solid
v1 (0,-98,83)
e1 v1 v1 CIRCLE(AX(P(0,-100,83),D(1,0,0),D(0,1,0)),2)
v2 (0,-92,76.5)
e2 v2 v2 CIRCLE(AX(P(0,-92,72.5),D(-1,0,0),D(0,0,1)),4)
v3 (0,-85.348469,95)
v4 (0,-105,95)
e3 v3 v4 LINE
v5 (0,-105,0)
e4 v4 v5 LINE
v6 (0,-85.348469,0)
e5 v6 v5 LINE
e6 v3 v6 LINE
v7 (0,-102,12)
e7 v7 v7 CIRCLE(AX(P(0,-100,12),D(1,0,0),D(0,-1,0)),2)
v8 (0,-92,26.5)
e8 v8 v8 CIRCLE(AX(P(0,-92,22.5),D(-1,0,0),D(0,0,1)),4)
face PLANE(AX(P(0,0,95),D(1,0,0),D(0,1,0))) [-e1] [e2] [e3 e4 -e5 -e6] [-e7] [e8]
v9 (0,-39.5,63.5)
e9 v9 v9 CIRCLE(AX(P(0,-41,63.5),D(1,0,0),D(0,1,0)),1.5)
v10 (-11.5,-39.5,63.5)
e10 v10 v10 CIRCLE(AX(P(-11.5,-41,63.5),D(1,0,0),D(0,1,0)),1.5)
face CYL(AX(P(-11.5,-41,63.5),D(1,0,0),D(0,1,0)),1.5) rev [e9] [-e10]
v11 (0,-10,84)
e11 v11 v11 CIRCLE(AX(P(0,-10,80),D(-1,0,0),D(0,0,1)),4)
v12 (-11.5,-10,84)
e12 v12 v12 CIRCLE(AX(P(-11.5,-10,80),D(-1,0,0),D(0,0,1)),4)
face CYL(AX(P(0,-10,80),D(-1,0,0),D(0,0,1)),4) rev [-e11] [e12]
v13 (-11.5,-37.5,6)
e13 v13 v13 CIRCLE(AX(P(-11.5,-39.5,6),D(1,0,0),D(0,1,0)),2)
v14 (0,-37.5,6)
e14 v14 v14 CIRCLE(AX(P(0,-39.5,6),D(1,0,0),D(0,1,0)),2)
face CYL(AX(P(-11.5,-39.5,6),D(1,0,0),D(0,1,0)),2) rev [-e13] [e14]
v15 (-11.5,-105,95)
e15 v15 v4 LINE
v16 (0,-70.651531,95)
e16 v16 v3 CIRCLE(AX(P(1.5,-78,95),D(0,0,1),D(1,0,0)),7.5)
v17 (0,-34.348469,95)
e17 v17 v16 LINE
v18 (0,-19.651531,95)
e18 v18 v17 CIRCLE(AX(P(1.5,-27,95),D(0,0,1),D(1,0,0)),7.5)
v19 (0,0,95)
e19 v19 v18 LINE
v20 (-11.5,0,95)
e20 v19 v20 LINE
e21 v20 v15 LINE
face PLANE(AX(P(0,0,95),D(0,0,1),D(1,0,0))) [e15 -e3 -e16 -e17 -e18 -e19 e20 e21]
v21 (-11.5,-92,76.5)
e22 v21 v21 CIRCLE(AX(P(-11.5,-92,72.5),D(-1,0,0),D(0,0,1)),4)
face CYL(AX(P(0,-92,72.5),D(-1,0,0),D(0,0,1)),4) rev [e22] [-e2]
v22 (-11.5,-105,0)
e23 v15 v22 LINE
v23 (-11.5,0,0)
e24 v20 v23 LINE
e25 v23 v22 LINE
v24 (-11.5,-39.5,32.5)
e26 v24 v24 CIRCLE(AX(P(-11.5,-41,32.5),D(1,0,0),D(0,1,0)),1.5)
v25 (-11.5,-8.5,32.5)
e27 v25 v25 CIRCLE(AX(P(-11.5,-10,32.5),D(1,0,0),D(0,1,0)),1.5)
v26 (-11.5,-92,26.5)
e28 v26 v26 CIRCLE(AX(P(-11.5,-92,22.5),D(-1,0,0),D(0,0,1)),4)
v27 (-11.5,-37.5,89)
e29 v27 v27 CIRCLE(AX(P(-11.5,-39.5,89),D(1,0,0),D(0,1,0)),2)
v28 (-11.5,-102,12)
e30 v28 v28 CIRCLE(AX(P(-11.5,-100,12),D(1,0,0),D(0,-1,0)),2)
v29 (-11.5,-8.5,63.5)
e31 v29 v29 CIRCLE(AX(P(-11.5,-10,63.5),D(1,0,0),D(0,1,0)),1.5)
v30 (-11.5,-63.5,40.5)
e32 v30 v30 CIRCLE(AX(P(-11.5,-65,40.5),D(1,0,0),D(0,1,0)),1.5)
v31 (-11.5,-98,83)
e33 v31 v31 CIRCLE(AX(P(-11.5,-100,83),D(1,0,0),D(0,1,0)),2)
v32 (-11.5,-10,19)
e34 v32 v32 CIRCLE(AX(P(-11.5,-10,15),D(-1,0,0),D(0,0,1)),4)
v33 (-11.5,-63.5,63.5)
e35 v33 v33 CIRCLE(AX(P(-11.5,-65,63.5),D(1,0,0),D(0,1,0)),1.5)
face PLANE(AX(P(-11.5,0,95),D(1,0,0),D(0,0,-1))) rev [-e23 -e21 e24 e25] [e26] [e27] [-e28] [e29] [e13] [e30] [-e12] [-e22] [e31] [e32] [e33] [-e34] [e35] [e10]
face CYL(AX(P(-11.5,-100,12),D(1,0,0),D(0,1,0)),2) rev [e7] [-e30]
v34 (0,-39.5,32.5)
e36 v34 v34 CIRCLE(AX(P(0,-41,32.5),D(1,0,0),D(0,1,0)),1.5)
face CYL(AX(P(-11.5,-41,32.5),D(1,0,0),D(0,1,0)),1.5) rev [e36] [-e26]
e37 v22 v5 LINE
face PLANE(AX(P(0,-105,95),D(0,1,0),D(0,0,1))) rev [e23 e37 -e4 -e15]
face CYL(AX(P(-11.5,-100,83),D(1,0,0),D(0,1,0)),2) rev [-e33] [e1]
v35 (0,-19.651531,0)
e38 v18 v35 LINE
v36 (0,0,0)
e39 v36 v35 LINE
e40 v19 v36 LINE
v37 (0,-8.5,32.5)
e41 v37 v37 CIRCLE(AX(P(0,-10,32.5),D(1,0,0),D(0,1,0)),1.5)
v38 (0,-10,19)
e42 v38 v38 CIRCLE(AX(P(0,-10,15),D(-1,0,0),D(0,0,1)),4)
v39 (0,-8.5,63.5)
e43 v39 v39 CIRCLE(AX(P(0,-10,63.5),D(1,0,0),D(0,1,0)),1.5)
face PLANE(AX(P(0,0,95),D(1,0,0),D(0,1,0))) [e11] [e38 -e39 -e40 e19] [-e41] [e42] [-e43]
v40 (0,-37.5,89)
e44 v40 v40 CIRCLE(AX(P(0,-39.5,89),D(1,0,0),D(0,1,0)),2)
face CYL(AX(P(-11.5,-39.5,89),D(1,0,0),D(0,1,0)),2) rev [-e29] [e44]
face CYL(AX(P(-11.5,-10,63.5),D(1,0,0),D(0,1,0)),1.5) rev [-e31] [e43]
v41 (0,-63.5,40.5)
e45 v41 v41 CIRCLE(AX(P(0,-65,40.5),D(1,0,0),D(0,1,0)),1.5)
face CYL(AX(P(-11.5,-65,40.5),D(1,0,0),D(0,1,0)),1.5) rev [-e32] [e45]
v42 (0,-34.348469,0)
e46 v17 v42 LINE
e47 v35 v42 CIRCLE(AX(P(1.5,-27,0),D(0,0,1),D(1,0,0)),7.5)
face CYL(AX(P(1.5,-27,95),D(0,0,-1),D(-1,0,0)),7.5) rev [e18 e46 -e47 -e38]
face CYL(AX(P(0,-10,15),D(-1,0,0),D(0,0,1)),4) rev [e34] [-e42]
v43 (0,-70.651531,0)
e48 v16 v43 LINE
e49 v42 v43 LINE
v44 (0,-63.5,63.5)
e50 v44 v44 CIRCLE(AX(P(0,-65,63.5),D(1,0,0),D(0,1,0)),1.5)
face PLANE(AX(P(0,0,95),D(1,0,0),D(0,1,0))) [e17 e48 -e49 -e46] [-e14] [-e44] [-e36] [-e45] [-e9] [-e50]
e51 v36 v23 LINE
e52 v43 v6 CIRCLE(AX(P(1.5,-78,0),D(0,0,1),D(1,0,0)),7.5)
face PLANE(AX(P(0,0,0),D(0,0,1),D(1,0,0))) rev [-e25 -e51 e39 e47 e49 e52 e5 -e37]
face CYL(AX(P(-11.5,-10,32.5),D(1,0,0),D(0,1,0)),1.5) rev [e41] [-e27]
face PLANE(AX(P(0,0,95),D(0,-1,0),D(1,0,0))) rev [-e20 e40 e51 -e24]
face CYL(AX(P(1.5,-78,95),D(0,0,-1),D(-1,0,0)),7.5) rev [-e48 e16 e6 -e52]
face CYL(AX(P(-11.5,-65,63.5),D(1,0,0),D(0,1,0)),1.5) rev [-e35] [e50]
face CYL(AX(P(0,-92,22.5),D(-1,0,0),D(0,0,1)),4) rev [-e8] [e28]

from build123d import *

# Parameters (mm, degrees)
BOSS_EXTRUDE1_DEPTH               = 95
SKETCH2_R                         = 2
CUT_EXTRUDE1_DEPTH                = 143.06424603
ESQUISSE2_R                       = 2
ENL_V_MAT_EXTRU_2_DEPTH           = 143.06424603
ESQUISSE3_R                       = 4
ENL_V_MAT_EXTRU_3CNC_DEPTH        = 143.06424603
ESQUISSE4_R                       = 1.5
ENL_V_MAT_EXTRU_4_3DPRINTER_DEPTH = 143.06424603


with BuildPart() as part:
    # Sketch1 → Boss-Extrude1 (new body)
    with BuildSketch(Plane.XY):
        with BuildLine():
            Line((0, -19.651530772), (0, 0))
            Line((0, 0), (-11.5, 0))
            Line((-11.5, 0), (-11.5, -52.5))
            Line((-11.5, -52.5), (0, -52.5))
            Line((0, -52.5), (0, -34.348469228))
            ThreePointArc((0, -34.348469228), (-6, -27), (0, -19.651530772))
        make_face()
        with BuildLine():
            Line((0, -52.5), (-11.5, -52.5))
            Line((-11.5, -52.5), (-11.5, -105))
            Line((-11.5, -105), (0, -105))
            Line((0, -105), (0, -85.348469228))
            ThreePointArc((0, -85.348469228), (-6, -78), (0, -70.651530772))
            Line((0, -70.651530772), (0, -52.5))
        make_face()
    extrude(amount=BOSS_EXTRUDE1_DEPTH)

    # Sketch2 → Cut-Extrude1 (cut, through all)
    with BuildSketch(Plane(origin=(0, 0, 0), x_dir=(0, 0, -1), z_dir=(1, 0, 0))):
        with Locations(Location((-83, -100, 0), (0, 0, 90))):
            Circle(SKETCH2_R)
        with Locations(Location((-12, -100, 0), (0, 0, 270))):
            Circle(SKETCH2_R)
    extrude(amount=-CUT_EXTRUDE1_DEPTH, mode=Mode.SUBTRACT)

    # Esquisse2 → Enlèv. mat.-Extru.2 (cut, through all)
    with BuildSketch(Plane(origin=(0, 0, 0), x_dir=(0, 0, -1), z_dir=(1, 0, 0))):
        with Locations(Location((-6, -39.5, 0), (0, 0, 90))):
            Circle(ESQUISSE2_R)
        with Locations(Location((-89, -39.5, 0), (0, 0, 90))):
            Circle(ESQUISSE2_R)
    extrude(amount=-ENL_V_MAT_EXTRU_2_DEPTH, mode=Mode.SUBTRACT)

    # Esquisse3 → Enlèv. mat.-Extru.3CNC (cut, through all)
    with BuildSketch(Plane.ZY.offset(11.5)):
        with Locations((80, -10)):
            Circle(ESQUISSE3_R)
        with Locations((15, -10)):
            Circle(ESQUISSE3_R)
        with Locations((72.5, -92)):
            Circle(ESQUISSE3_R)
        with Locations((22.5, -92)):
            Circle(ESQUISSE3_R)
    extrude(amount=-ENL_V_MAT_EXTRU_3CNC_DEPTH, mode=Mode.SUBTRACT)

    # Esquisse4 → Enlèv. mat.-Extru.4-3Dprinter (cut, through all)
    with BuildSketch(Plane(origin=(0, 0, 0), x_dir=(0, 0, -1), z_dir=(1, 0, 0))):
        with Locations(Location((-32.5, -10, 0), (0, 0, 90))):
            Circle(ESQUISSE4_R)
        with Locations(Location((-63.5, -10, 0), (0, 0, 90))):
            Circle(ESQUISSE4_R)
        with Locations(Location((-63.5, -41, 0), (0, 0, 90))):
            Circle(ESQUISSE4_R)
        with Locations(Location((-32.5, -41, 0), (0, 0, 90))):
            Circle(ESQUISSE4_R)
        with Locations(Location((-40.5, -65, 0), (0, 0, 90))):
            Circle(ESQUISSE4_R)
        with Locations(Location((-63.5, -65, 0), (0, 0, 90))):
            Circle(ESQUISSE4_R)
    extrude(amount=-ENL_V_MAT_EXTRU_4_3DPRINTER_DEPTH, mode=Mode.SUBTRACT)


solid = part.part
